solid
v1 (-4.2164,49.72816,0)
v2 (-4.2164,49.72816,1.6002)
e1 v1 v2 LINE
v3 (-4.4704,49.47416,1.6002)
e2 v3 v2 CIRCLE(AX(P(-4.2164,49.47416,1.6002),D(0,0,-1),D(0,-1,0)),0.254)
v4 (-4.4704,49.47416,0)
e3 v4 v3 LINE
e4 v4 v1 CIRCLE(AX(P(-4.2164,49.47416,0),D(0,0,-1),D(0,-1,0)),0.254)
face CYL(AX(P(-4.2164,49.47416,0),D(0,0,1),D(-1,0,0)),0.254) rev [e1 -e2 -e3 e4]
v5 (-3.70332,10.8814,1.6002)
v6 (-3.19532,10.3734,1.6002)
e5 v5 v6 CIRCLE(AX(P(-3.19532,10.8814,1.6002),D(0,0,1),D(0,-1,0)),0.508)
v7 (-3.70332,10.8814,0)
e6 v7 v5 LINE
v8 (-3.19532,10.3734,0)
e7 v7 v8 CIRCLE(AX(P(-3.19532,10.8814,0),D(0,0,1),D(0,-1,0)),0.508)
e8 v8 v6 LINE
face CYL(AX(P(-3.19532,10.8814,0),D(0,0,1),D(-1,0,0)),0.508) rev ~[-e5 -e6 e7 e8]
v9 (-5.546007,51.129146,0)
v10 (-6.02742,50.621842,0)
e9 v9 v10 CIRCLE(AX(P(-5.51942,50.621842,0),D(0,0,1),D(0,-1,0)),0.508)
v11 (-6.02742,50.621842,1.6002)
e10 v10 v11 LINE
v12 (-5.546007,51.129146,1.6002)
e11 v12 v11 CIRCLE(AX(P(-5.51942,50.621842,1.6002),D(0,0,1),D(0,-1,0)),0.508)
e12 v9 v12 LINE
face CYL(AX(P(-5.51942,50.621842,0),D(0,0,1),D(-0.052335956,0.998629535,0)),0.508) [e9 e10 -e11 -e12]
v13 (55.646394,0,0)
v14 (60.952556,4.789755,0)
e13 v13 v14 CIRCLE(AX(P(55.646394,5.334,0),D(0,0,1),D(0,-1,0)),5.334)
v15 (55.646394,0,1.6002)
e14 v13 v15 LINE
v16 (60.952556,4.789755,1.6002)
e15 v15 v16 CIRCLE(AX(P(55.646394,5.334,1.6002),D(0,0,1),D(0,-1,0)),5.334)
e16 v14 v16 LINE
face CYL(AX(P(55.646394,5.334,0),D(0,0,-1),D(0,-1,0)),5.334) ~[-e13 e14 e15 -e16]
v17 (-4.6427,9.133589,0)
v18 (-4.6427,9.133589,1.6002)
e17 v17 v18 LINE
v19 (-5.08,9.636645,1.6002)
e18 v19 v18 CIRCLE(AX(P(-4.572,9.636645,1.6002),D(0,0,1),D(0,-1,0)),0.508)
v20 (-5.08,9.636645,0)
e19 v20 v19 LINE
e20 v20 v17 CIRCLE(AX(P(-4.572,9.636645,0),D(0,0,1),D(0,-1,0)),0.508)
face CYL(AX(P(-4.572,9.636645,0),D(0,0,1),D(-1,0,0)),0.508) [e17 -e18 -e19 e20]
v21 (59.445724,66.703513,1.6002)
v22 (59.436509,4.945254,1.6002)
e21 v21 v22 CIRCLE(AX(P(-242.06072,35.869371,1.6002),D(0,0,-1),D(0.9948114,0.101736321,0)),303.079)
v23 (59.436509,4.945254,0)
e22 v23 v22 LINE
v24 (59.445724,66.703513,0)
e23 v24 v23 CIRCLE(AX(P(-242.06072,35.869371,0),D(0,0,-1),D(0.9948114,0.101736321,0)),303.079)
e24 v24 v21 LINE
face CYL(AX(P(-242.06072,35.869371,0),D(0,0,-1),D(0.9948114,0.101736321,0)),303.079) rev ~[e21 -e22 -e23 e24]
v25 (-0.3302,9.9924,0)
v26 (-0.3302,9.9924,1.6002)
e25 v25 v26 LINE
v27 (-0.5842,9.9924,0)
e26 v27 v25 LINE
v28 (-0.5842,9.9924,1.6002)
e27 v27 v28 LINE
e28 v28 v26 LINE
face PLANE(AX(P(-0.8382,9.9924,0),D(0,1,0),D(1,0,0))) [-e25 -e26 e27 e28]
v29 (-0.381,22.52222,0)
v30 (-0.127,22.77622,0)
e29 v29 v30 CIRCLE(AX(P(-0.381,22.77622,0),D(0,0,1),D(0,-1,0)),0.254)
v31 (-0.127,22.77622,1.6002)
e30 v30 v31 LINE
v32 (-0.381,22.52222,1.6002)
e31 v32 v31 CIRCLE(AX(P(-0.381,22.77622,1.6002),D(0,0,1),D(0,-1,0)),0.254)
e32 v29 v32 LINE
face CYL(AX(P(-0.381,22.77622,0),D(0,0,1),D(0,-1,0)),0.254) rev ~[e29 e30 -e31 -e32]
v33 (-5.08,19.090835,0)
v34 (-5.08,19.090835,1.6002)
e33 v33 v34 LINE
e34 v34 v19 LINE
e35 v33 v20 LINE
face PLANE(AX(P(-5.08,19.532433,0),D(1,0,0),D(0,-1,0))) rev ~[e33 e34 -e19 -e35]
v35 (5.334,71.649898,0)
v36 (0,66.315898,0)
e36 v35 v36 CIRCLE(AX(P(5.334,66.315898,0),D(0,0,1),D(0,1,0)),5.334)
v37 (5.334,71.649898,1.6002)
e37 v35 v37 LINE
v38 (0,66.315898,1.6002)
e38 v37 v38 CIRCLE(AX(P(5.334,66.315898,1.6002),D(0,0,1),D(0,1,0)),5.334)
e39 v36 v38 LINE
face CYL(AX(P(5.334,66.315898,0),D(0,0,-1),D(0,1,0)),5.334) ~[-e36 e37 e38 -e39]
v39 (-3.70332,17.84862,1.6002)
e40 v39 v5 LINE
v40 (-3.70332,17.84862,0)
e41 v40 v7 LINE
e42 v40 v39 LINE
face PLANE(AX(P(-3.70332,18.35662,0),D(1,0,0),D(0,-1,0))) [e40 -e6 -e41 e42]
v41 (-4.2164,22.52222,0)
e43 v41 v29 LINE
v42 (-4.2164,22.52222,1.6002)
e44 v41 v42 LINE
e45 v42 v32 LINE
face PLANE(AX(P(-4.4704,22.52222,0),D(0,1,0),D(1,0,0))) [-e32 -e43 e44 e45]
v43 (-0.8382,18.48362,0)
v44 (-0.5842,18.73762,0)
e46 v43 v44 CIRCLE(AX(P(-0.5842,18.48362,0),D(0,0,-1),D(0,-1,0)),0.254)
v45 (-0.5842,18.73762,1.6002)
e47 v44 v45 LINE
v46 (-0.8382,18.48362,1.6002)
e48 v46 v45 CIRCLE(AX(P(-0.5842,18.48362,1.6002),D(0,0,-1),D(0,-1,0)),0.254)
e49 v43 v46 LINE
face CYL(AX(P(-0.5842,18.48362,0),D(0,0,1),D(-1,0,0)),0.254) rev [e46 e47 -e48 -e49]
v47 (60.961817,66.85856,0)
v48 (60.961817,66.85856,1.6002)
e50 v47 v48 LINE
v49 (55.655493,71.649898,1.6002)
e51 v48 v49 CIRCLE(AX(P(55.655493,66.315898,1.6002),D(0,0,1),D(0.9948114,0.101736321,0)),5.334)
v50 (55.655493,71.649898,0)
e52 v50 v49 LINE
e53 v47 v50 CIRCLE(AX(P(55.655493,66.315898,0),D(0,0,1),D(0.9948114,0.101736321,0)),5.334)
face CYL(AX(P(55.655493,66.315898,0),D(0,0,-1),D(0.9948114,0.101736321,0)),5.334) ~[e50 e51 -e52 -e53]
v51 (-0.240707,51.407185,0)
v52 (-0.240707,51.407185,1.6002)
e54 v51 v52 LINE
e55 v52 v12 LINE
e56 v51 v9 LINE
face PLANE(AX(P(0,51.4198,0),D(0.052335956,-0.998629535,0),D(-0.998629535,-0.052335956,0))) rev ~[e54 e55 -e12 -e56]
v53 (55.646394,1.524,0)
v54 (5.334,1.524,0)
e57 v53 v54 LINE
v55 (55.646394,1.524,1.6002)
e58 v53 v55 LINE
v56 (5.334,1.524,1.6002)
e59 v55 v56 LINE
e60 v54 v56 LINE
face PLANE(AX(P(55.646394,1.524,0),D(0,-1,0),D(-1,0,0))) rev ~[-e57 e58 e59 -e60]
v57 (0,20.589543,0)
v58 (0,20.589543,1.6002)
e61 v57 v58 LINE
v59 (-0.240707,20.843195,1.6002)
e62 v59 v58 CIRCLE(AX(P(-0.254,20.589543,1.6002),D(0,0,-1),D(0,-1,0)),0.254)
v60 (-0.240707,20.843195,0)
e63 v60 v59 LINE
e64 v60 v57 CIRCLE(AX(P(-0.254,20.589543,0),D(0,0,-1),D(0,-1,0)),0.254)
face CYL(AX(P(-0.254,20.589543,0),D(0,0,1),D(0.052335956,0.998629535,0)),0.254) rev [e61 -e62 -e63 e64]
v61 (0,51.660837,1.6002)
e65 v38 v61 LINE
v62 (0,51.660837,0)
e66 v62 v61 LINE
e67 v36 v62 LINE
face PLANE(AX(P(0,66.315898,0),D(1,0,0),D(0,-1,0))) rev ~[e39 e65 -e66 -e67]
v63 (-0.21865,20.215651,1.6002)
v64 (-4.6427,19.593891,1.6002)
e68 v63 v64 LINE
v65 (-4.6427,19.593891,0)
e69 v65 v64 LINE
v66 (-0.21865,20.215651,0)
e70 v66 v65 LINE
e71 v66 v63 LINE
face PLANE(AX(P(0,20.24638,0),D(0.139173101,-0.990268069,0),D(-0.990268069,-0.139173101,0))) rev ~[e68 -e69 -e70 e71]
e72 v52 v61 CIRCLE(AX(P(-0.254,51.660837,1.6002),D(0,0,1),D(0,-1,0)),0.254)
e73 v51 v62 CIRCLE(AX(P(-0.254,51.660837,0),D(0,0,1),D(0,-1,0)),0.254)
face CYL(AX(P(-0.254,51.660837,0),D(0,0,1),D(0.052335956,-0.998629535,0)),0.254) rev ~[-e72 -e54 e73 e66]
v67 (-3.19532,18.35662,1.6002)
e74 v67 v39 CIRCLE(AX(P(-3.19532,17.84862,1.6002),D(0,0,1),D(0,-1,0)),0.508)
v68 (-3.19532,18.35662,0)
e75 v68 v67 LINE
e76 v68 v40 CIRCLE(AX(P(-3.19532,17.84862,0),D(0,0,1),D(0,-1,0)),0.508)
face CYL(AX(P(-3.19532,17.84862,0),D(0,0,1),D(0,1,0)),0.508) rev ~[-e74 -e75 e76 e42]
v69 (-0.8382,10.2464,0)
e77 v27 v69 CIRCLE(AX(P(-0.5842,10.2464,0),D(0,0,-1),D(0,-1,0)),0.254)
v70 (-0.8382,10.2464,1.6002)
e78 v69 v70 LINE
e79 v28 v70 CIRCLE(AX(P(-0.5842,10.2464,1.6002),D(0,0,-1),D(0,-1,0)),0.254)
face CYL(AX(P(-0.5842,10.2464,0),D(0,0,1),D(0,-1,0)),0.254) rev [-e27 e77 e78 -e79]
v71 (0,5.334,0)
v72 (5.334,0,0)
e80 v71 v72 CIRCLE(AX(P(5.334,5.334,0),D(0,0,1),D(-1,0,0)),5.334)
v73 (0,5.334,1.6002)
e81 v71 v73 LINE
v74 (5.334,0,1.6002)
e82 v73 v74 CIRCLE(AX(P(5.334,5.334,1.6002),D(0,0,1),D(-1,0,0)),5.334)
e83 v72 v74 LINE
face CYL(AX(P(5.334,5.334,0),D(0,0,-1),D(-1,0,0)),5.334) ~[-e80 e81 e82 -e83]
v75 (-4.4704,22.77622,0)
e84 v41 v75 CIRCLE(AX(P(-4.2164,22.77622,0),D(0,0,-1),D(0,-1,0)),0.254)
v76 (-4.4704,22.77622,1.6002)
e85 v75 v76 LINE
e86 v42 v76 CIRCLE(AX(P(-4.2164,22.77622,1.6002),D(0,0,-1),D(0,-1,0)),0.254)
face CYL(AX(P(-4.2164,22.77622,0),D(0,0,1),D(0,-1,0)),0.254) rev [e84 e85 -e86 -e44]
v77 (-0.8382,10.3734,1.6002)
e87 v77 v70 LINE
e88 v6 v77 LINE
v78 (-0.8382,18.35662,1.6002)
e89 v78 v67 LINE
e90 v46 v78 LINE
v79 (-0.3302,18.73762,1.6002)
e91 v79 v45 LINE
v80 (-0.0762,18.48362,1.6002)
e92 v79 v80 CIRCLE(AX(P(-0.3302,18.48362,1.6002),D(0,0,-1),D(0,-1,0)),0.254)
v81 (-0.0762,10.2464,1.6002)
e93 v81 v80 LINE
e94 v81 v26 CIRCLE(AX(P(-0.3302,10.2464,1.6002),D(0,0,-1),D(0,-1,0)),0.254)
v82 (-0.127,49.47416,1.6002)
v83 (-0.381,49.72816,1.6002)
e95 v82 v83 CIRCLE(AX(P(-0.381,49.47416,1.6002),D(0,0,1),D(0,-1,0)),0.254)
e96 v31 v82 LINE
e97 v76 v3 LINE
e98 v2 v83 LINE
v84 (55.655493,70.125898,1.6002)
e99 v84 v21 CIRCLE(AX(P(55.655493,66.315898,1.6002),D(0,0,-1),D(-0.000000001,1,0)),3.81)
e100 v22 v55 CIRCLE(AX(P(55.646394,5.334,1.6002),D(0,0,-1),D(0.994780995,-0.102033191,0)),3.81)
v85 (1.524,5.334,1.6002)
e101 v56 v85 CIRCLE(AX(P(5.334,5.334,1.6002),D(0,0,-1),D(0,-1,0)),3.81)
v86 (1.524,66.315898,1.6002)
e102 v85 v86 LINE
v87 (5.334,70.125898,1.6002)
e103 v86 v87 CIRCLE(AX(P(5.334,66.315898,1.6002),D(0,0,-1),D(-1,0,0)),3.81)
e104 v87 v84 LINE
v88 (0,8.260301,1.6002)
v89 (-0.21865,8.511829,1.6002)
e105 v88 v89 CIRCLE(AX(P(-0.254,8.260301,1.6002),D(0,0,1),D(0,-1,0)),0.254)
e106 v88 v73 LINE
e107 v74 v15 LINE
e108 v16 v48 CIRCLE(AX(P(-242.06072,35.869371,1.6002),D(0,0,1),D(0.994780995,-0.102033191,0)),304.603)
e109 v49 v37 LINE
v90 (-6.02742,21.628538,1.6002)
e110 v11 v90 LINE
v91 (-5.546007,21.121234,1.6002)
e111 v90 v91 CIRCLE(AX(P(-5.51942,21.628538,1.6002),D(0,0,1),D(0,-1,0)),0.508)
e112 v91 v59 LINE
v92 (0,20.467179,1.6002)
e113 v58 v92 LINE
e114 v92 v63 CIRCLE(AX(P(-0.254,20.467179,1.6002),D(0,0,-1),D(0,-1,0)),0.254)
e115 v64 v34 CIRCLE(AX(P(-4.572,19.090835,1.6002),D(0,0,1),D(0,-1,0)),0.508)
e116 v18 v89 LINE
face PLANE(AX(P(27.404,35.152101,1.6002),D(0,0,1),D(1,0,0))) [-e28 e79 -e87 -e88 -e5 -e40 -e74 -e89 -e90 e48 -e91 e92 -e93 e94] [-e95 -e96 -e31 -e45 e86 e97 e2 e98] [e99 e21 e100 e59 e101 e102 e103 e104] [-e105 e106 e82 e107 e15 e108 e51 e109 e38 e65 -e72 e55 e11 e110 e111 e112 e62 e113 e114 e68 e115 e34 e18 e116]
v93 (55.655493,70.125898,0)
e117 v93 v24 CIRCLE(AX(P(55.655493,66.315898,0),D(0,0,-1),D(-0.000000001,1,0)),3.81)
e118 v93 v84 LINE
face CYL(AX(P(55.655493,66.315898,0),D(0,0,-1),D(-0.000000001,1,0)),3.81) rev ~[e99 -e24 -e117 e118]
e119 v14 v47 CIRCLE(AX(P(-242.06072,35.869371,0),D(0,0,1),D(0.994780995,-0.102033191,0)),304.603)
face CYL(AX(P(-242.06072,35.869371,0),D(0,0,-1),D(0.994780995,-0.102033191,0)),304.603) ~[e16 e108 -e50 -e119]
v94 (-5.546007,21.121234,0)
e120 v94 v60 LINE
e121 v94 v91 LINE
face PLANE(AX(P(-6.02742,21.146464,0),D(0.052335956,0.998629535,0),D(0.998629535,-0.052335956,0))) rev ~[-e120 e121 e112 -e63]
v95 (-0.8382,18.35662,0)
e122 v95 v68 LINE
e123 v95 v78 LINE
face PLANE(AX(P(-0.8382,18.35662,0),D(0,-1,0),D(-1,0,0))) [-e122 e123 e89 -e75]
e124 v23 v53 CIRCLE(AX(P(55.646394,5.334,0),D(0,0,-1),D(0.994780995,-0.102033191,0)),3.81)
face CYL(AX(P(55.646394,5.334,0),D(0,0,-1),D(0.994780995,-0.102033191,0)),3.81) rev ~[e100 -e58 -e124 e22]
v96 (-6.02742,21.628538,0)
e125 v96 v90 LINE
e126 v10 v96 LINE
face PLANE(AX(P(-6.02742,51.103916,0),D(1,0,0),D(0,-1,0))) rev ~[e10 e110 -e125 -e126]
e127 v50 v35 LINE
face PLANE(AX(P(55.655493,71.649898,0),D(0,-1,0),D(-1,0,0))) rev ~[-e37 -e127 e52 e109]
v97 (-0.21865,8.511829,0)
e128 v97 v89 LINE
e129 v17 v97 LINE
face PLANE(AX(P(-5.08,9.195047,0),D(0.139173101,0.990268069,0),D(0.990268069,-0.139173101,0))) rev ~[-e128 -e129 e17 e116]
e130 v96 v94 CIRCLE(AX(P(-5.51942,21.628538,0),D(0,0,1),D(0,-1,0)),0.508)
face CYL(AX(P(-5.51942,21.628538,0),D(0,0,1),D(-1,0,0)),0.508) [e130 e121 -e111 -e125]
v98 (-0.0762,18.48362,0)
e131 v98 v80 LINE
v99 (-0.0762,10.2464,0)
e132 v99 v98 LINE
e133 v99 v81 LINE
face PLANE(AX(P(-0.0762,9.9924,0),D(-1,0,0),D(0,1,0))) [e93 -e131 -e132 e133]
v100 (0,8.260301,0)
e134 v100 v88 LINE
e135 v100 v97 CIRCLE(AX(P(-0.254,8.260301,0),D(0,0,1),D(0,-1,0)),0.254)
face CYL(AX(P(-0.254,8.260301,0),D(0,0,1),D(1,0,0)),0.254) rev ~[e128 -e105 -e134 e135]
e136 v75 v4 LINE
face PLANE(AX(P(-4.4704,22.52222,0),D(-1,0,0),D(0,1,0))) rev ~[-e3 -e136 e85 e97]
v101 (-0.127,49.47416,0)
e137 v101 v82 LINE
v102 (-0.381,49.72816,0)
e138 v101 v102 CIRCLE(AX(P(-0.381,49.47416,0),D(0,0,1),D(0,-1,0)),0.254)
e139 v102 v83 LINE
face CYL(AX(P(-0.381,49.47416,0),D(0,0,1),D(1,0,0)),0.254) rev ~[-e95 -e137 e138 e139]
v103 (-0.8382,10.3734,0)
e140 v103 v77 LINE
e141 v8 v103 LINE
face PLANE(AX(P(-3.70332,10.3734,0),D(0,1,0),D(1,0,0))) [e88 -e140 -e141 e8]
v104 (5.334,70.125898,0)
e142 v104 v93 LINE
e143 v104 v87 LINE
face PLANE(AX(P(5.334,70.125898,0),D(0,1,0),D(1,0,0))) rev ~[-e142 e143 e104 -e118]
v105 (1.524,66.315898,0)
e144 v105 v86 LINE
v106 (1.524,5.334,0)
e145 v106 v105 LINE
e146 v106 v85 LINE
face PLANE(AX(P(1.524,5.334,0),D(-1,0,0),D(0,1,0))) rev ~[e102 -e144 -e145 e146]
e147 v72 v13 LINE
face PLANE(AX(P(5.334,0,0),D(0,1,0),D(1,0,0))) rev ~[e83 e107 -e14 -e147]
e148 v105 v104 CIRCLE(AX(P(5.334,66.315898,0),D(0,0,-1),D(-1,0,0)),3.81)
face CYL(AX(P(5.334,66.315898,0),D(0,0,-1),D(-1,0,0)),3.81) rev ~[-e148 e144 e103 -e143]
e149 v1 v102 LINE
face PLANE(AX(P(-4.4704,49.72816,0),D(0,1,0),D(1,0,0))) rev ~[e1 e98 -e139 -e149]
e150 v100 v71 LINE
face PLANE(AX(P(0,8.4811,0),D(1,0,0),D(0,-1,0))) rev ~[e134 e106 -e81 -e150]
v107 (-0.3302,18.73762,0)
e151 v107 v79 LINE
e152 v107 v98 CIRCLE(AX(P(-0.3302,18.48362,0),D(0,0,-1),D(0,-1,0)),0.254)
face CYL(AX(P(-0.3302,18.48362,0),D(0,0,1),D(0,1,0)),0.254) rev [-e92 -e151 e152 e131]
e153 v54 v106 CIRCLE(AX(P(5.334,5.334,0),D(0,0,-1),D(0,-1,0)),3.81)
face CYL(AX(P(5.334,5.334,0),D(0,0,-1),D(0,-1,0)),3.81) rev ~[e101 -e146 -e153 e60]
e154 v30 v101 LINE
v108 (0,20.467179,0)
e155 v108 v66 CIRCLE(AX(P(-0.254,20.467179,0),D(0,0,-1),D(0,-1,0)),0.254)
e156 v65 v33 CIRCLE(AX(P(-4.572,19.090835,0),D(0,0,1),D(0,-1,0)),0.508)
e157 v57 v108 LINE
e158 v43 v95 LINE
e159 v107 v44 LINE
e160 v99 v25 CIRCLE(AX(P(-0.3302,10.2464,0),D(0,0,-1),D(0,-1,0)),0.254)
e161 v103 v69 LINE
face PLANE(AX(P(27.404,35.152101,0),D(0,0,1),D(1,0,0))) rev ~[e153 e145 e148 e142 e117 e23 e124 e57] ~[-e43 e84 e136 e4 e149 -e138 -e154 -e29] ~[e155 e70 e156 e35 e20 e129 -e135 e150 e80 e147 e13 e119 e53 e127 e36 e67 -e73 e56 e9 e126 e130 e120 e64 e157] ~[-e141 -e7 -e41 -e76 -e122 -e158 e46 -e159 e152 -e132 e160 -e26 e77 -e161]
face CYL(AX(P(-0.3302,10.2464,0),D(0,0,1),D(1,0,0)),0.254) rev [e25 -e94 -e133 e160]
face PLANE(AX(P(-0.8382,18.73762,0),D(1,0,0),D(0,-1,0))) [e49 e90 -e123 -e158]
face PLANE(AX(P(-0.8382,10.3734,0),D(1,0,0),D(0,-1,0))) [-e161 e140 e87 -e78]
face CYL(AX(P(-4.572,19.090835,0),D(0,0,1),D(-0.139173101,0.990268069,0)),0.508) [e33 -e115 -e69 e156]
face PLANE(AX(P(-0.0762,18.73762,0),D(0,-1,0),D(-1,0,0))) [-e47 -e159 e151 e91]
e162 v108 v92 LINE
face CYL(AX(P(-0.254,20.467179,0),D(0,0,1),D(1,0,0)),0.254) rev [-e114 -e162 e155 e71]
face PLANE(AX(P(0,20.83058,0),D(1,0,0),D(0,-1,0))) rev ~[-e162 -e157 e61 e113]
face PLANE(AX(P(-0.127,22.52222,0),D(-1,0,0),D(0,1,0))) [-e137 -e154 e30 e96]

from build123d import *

# Parameters (mm, degrees)
SKETCH1_W           = 4.3434
SKETCH1_H           = 27.20594
BOSS_EXTRUDE1_DEPTH = 1.6002
FILLET1_R           = 0.508
FILLET2_R           = 0.508
FILLET3_R           = 0.254


with BuildPart() as part:
    # Sketch1 → Boss-Extrude1 (new body)
    with BuildSketch(Plane.XY):
        with BuildLine():
            Line((0, 51.4198), (-6.02742, 51.103916303))
            Line((-6.02742, 51.103916303), (-6.02742, 21.146463697))
            Line((-6.02742, 21.146463697), (0, 20.83058))
            Line((0, 20.83058), (0, 20.24638))
            Line((0, 20.24638), (-5.08, 19.53243256))
            Line((-5.08, 19.53243256), (-5.08, 9.19504744))
            Line((-5.08, 9.19504744), (0, 8.4811))
            Line((0, 8.4811), (0, 5.334))
            ThreePointArc((0, 5.334), (1.562292429, 1.562292429), (5.334, 0))
            Line((5.334, 0), (55.64639368, 0))
            ThreePointArc((55.64639368, 0), (59.220505665, 1.374545553), (60.952555507, 4.789754962))
            ThreePointArc((60.952555507, 4.789754962), (62.542276693, 35.823920719), (60.961816866, 66.858559503))
            ThreePointArc((60.961816866, 66.858559503), (59.230195601, 70.274819072), (55.65549286, 71.649897966))
            Line((55.65549286, 71.649897966), (5.334, 71.649897966))
            ThreePointArc((5.334, 71.649897966), (1.562292429, 70.087605537), (0, 66.315897966))
            Line((0, 66.315897966), (0, 51.4198))
        make_face()
        with BuildLine():
            Line((5.334, 70.125897966), (55.65549286, 70.125897966))
            ThreePointArc((55.65549286, 70.125897966), (58.208851961, 69.143698756), (59.445724293, 66.70351335))
            ThreePointArc((59.445724293, 66.70351335), (61.01827671, 35.824148117), (59.436509271, 4.945253544))
            ThreePointArc((59.436509271, 4.945253544), (58.199330812, 2.505818252), (55.64639368, 1.524))
            Line((55.64639368, 1.524), (5.334, 1.524))
            ThreePointArc((5.334, 1.524), (2.639923164, 2.639923164), (1.524, 5.334))
            Line((1.524, 5.334), (1.524, 66.315897966))
            ThreePointArc((1.524, 66.315897966), (2.639923164, 69.009974802), (5.334, 70.125897966))
        make_face(mode=Mode.SUBTRACT)
        with Locations((-2.2987, 36.12519)):
            Rectangle(SKETCH1_W, SKETCH1_H, mode=Mode.SUBTRACT)
        Polygon((-0.8382, 18.35662), (-3.70332, 18.35662), (-3.70332, 10.3734), (-0.8382, 10.3734), (-0.8382, 9.9924), (-0.0762, 9.9924), (-0.0762, 18.73762), (-0.8382, 18.73762), align=None, mode=Mode.SUBTRACT)
    extrude(amount=BOSS_EXTRUDE1_DEPTH)

    # Fillet1
    fillet1_edges = [part.edges().sort_by_distance(p)[0] for p in [
        (-3.70332, 18.35662, 0.8001),
        (-3.70332, 10.3734, 0.8001),
    ]]
    fillet(fillet1_edges, radius=FILLET1_R)

    # Fillet2
    fillet2_edges = [part.edges().sort_by_distance(p)[0] for p in [
        (-5.08, 9.19504744, 0.8001),
        (-5.08, 19.53243256, 0.8001),
        (-6.02742, 21.146463697, 0.8001),
        (-6.02742, 51.103916303, 0.8001),
    ]]
    fillet(fillet2_edges, radius=FILLET2_R)

    # Fillet3
    fillet3_edges = [part.edges().sort_by_distance(p)[0] for p in [
        (0, 8.4811, 0.8001),
        (0, 20.24638, 0.8001),
        (0, 20.83058, 0.8001),
        (0, 51.4198, 0.8001),
        (-0.127, 22.52222, 0.8001),
        (-0.127, 49.72816, 0.8001),
        (-4.4704, 49.72816, 0.8001),
        (-4.4704, 22.52222, 0.8001),
        (-0.8382, 9.9924, 0.8001),
        (-0.0762, 9.9924, 0.8001),
        (-0.0762, 18.73762, 0.8001),
        (-0.8382, 18.73762, 0.8001),
    ]]
    fillet(fillet3_edges, radius=FILLET3_R)


solid = part.part
